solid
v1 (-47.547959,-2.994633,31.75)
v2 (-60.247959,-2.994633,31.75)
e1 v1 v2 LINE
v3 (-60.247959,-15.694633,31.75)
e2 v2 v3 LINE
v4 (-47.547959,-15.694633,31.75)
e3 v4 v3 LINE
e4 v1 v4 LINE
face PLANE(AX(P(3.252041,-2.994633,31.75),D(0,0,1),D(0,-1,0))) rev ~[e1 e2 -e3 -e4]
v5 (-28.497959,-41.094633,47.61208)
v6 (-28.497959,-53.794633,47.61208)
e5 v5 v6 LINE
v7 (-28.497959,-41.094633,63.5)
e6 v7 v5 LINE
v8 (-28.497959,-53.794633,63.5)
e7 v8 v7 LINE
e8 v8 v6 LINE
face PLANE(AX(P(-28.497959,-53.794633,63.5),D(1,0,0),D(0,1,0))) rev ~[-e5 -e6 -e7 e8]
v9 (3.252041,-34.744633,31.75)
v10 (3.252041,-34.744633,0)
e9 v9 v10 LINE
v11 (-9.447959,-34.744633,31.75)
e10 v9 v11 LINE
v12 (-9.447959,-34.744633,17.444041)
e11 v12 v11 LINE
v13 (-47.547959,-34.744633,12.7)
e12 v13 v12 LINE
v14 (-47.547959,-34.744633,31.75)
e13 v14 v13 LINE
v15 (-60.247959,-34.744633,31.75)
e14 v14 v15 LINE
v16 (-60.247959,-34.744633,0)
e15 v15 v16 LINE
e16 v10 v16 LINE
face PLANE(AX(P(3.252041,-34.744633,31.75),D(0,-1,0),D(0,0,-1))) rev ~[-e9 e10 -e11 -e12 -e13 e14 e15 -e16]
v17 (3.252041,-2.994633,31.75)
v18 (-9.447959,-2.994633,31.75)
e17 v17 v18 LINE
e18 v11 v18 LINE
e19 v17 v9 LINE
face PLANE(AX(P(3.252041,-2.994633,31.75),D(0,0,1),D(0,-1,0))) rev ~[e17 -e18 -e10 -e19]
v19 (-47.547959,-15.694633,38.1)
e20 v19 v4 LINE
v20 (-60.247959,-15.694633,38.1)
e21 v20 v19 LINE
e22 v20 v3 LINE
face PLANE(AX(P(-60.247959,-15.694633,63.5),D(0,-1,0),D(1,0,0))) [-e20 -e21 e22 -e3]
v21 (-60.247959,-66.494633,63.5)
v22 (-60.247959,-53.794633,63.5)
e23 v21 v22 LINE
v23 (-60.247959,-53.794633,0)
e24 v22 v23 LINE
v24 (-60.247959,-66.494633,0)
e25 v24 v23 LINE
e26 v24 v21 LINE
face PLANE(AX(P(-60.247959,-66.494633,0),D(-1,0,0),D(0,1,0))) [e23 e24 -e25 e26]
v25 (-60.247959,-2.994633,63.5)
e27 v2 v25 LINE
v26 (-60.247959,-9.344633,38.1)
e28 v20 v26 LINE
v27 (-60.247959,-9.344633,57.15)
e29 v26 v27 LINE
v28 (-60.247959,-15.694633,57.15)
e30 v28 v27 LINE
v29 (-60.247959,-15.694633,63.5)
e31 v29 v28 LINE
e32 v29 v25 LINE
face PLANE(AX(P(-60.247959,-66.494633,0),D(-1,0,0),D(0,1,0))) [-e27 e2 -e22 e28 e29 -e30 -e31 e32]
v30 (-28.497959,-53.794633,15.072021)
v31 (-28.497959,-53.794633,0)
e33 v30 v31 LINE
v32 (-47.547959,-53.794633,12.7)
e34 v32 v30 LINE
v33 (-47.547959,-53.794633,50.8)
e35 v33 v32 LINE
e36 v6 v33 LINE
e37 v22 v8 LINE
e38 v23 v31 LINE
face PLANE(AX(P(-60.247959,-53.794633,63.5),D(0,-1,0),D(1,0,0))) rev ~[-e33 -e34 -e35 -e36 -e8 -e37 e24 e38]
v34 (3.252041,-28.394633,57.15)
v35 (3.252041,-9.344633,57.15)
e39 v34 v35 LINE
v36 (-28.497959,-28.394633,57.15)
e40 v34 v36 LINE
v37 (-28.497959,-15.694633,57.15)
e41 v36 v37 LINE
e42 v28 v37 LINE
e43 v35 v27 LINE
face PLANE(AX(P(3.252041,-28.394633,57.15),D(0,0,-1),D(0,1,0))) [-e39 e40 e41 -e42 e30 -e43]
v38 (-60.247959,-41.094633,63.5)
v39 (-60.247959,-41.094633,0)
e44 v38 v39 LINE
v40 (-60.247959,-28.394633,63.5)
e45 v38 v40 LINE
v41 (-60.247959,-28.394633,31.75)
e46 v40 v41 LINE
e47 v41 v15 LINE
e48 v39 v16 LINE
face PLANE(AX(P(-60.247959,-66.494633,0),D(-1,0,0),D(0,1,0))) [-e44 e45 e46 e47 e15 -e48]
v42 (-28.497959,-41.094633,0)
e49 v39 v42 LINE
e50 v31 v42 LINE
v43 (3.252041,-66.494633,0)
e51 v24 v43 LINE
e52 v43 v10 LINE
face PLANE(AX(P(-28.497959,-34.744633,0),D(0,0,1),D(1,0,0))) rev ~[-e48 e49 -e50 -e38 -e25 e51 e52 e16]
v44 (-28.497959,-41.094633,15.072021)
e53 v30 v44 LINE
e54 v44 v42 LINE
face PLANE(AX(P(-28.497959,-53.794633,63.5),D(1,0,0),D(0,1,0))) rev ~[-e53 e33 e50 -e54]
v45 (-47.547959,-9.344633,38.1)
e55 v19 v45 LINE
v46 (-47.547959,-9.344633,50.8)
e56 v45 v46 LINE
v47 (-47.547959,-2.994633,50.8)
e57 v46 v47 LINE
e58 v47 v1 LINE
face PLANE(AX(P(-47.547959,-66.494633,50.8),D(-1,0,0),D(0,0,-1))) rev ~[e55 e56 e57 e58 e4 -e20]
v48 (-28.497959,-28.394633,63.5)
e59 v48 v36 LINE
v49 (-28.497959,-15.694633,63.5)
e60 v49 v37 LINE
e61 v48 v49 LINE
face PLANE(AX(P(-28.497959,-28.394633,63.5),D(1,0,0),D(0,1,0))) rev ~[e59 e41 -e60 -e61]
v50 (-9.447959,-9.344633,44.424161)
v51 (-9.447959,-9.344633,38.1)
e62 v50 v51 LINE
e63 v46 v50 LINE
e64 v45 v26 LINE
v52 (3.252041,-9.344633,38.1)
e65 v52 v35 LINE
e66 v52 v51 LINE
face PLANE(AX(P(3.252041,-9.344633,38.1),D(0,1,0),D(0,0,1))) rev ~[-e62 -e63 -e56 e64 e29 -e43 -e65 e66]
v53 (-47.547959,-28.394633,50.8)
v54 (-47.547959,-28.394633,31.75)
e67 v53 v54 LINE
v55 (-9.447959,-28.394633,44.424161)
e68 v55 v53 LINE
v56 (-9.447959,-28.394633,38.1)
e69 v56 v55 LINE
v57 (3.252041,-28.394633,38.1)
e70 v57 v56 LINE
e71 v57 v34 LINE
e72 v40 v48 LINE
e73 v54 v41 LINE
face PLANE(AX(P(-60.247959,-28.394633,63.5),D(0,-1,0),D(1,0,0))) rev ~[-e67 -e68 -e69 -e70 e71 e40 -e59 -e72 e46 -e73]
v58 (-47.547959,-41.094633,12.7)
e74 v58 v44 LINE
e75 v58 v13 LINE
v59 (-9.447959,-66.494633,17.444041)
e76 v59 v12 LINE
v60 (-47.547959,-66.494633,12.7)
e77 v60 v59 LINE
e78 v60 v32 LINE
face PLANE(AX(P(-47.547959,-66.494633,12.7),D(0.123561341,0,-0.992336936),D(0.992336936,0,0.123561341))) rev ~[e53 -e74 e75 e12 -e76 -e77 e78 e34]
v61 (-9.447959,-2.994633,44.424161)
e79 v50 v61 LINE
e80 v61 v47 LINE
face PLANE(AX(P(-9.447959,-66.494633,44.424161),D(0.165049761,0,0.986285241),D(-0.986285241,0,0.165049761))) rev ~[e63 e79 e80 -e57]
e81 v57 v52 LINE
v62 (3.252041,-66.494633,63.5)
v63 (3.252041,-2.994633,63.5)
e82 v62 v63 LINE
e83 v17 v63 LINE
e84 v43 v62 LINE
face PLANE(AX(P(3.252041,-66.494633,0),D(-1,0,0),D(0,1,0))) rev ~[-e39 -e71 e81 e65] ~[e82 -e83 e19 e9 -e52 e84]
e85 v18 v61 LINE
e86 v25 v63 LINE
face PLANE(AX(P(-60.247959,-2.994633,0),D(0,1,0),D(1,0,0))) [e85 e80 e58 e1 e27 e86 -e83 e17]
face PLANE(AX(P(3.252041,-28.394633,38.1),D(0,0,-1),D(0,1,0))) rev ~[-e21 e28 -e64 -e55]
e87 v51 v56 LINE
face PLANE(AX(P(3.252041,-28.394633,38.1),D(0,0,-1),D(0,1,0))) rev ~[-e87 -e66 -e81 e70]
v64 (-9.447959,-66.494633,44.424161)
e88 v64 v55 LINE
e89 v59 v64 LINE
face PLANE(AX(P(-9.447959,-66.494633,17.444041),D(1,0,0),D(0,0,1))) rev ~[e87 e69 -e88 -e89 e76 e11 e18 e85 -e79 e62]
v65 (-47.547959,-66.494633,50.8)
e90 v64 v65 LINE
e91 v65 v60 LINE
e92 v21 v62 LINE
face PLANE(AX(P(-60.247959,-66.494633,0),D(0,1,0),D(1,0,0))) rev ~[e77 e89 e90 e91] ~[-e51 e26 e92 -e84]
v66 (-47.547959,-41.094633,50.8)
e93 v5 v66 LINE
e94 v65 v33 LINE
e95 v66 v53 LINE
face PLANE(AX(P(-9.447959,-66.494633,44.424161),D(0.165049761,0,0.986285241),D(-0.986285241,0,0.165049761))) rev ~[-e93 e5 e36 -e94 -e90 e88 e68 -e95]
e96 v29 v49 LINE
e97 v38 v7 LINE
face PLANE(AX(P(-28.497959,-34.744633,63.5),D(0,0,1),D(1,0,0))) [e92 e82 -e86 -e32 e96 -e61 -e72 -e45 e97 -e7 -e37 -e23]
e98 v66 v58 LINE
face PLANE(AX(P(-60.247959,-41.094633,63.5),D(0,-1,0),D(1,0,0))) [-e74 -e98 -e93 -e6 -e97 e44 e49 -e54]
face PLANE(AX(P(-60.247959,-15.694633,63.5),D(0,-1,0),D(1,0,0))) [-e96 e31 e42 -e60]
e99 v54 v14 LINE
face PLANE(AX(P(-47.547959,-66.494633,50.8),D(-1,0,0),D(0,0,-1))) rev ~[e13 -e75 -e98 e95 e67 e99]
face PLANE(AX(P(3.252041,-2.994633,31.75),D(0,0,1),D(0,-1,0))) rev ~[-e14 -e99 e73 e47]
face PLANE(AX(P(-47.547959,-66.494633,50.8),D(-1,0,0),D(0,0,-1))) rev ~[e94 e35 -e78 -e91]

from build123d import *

# Parameters (mm, degrees)
F0_W     = 63.5
F0_H     = 63.5
F1_DEPTH = 63.5
F2_W     = 31.75
F2_H     = 12.7
F3_DEPTH = 63.5
F4_W     = 19.05
F4_H     = 19.05
F5_DEPTH = 63.5
F7_DEPTH = 63.5


with BuildPart() as f1:
    # F0 (on Top) → F1 (new body)
    with BuildSketch(Plane.XY):
        with Locations((-28.497959, -34.744633)):
            Rectangle(F0_W, F0_H)
    extrude(amount=F1_DEPTH)

    # F2 (on face) → F3 (cut)
    with BuildSketch(Plane.XY.offset(63.5)):
        with Locations((-44.372959, -47.444633)):
            Rectangle(F2_W, F2_H)
        with Locations((-44.372959, -22.044633)):
            Rectangle(F2_W, F2_H)
    extrude(amount=-F3_DEPTH, mode=Mode.SUBTRACT)

    # F4 (on face) → F5 (cut)
    with BuildSketch(Plane.YZ.offset(3.252041)):
        Polygon((-28.394633, 31.75), (-34.744633, 31.75), (-34.744633, 0), (-2.994633, 0), (-2.994633, 31.75), align=None)
        with Locations((-18.869633, 47.625)):
            Rectangle(F4_W, F4_H)
    extrude(amount=-F5_DEPTH, mode=Mode.SUBTRACT)

    # F6 (on face) → F7 (cut)
    with BuildSketch(Plane.XZ.offset(66.494633)):
        Polygon((-47.547959, 50.8), (-47.547959, 12.7), (-9.447959, 17.444041), (-9.447959, 44.424161), align=None)
    extrude(amount=-F7_DEPTH, mode=Mode.SUBTRACT)


solid = f1.part
